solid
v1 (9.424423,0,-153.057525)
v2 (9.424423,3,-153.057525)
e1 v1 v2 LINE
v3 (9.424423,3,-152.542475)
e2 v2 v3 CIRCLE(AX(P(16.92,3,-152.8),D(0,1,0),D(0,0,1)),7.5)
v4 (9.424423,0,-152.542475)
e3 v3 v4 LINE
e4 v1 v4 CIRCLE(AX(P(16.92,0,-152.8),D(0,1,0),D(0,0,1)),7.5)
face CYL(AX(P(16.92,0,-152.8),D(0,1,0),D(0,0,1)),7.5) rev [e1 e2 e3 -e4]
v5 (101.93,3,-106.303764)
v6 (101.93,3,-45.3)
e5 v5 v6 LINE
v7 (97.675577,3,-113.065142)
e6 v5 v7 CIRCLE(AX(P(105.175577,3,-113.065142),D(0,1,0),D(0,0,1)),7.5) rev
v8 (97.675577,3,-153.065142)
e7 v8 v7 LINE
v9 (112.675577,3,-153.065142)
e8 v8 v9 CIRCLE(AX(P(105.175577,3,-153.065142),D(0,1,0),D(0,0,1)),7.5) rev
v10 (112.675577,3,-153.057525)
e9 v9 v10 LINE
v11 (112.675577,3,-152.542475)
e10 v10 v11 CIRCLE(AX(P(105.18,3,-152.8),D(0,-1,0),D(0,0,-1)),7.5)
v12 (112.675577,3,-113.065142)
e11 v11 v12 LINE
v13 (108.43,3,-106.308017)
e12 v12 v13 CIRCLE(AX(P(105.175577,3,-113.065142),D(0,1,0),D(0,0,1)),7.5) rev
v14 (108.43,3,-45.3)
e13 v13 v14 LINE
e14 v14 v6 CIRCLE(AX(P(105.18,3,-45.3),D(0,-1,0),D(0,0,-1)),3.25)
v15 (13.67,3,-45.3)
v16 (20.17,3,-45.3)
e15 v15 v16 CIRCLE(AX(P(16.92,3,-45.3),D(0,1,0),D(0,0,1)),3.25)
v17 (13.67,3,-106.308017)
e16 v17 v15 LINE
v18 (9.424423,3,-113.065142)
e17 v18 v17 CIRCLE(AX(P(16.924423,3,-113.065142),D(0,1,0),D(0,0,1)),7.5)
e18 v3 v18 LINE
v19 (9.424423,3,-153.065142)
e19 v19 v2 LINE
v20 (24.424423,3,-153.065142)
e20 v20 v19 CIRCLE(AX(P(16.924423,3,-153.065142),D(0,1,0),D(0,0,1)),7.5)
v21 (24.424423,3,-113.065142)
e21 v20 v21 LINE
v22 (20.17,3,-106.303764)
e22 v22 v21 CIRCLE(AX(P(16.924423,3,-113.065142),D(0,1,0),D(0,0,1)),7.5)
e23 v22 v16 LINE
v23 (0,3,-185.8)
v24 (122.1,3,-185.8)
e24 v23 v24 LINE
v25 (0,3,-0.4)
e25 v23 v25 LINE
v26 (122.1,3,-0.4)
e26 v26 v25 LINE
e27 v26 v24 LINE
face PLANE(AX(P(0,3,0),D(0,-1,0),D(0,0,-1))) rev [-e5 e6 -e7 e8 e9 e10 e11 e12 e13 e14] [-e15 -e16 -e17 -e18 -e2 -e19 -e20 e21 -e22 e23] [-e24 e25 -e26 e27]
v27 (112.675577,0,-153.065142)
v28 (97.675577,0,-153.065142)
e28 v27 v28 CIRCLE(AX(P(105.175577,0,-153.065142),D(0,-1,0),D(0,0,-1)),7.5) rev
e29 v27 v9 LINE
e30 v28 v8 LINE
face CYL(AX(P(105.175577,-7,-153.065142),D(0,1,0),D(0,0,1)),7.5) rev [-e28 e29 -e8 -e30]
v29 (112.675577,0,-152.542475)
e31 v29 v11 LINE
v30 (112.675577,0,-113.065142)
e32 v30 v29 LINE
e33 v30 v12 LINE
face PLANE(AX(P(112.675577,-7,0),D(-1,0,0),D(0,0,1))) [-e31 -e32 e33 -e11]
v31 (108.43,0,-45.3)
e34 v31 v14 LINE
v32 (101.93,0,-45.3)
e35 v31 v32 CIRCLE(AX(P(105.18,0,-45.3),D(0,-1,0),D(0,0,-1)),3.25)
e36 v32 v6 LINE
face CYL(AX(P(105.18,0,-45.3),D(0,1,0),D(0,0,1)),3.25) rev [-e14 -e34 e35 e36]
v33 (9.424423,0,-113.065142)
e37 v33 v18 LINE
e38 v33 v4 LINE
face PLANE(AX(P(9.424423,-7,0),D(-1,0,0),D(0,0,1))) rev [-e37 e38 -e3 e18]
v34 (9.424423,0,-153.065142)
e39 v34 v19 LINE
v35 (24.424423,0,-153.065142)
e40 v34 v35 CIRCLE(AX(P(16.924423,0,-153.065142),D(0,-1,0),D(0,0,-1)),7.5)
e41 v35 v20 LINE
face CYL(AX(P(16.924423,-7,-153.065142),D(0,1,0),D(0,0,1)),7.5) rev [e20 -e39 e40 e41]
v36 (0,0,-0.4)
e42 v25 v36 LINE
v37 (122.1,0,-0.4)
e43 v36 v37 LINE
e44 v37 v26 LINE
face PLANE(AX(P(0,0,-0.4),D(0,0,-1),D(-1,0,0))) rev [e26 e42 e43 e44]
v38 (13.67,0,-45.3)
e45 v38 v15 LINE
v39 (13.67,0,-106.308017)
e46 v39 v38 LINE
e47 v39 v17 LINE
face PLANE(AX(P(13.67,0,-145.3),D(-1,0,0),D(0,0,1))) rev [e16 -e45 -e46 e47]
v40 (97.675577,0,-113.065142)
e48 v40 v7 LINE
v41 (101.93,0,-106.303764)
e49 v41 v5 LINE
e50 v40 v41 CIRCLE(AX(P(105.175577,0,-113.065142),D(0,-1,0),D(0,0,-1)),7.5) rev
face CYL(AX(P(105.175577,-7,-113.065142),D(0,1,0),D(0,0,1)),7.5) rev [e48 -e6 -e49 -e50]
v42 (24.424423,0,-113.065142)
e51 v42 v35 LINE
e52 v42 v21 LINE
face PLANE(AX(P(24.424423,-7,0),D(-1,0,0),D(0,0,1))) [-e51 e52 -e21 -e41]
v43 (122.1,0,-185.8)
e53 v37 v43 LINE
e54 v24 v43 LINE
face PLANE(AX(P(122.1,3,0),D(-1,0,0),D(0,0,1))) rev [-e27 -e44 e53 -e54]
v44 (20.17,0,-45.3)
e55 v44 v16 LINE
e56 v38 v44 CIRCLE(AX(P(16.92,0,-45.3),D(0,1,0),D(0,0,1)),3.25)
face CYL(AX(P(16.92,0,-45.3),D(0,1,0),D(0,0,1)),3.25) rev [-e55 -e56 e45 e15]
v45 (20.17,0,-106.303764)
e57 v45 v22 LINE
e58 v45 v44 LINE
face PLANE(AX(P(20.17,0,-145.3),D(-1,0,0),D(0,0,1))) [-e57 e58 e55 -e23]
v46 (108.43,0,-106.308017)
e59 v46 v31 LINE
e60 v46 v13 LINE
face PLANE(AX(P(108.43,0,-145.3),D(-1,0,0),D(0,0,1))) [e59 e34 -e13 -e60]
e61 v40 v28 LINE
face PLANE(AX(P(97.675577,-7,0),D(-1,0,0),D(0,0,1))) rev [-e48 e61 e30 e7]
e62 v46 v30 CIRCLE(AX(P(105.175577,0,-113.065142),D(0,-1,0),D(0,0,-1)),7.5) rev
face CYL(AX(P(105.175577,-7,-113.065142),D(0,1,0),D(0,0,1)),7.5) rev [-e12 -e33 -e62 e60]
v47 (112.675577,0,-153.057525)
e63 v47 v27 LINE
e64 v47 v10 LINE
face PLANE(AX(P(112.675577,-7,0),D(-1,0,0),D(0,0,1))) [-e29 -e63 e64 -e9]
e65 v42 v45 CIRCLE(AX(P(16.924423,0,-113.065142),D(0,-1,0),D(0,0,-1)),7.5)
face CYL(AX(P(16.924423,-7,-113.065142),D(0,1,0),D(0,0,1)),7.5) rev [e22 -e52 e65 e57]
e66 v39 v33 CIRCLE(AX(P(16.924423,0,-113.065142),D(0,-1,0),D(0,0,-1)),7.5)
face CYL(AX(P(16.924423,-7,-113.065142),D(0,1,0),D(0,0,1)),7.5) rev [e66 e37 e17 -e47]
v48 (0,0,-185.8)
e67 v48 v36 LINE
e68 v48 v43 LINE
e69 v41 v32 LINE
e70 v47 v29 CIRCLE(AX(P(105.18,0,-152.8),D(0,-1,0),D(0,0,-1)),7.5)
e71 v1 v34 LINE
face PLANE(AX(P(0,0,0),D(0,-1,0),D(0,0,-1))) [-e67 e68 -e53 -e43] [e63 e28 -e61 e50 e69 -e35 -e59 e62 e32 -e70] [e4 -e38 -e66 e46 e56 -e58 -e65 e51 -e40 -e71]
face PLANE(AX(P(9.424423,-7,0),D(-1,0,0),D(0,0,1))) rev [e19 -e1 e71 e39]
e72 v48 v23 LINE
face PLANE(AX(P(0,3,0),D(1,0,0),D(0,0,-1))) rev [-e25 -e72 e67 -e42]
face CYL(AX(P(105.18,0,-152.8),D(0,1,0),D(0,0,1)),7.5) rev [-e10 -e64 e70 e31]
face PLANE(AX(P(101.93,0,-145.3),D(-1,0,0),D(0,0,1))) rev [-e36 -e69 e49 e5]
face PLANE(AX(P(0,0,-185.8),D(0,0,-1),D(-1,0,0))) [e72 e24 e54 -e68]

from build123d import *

# Parameters (mm, degrees)
SKETCH3_W           = 122.1
SKETCH3_H           = 197.8
BOSS_EXTRUDE2_DEPTH = 3
SKETCH4_R           = 7.5
CUT_EXTRUDE2_DEPTH  = 3
SKETCH5_W           = 185.639017853
SKETCH5_H           = 93.814581834
CUT_EXTRUDE3_DEPTH  = 12
SKETCH7_W           = 181.97184254
SKETCH7_H           = 161.609726855
CUT_EXTRUDE4_DEPTH  = 19
CUT_EXTRUDE8_DEPTH  = 10
SKETCH10_W          = 122.1
SKETCH10_H          = 3
BOSS_EXTRUDE3_DEPTH = 18.6


with BuildPart() as part:
    # Sketch3 → Boss-Extrude2 (new body)
    with BuildSketch(Plane(origin=(0, 0, 0), x_dir=(1, 0, 0), z_dir=(0, 1, 0))):
        with Locations((61.05, 98.9)):
            Rectangle(SKETCH3_W, SKETCH3_H)
    extrude(amount=BOSS_EXTRUDE2_DEPTH)

    # Sketch4 → Cut-Extrude2 (cut)
    with BuildSketch(Plane(origin=(0, 3, 0), x_dir=(1, 0, 0), z_dir=(0, 1, 0))):
        with Locations((16.92, 152.8)):
            Circle(SKETCH4_R)
        with Locations((105.18, 152.8)):
            Circle(SKETCH4_R)
        with BuildLine():
            Line((20.17, 145.3), (20.17, 45.3))
            ThreePointArc((20.17, 45.3), (16.92, 42.05), (13.67, 45.3))
            Line((13.67, 45.3), (13.67, 145.3))
            ThreePointArc((13.67, 145.3), (16.92, 148.55), (20.17, 145.3))
        make_face()
        with BuildLine():
            Line((101.93, 145.3), (101.93, 45.3))
            ThreePointArc((101.93, 45.3), (105.18, 42.05), (108.43, 45.3))
            Line((108.43, 45.3), (108.43, 145.3))
            ThreePointArc((108.43, 145.3), (105.18, 148.55), (101.93, 145.3))
        make_face()
    extrude(amount=-CUT_EXTRUDE2_DEPTH, mode=Mode.SUBTRACT)

    # Sketch5 → Cut-Extrude3 (cut)
    with BuildSketch(Plane(origin=(0, 0, -197.8), x_dir=(-1, 0, 0), z_dir=(0, 0, -1))):
        with Locations((-62.393879106, -6.143731482)):
            Rectangle(SKETCH5_W, SKETCH5_H)
    extrude(amount=-CUT_EXTRUDE3_DEPTH, mode=Mode.SUBTRACT)

    # Sketch7 → Cut-Extrude4 (cut)
    with BuildSketch(Plane.XY):
        with Locations((66.543858185, 9.384028943)):
            Rectangle(SKETCH7_W, SKETCH7_H)
    extrude(amount=-CUT_EXTRUDE4_DEPTH, mode=Mode.SUBTRACT)

    # Sketch8 → Cut-Extrude8 (cut)
    with BuildSketch(Plane(origin=(0, 3, 0), x_dir=(1, 0, 0), z_dir=(0, 1, 0))):
        with BuildLine():
            ThreePointArc((13.67, 106.308017417), (16.91951533, 105.565143685), (20.17, 106.303764471))
            Line((20.17, 106.303764471), (20.17, 145.3))
            ThreePointArc((20.17, 145.3), (20.150641933, 145.654193023), (20.09279834, 146.004166667))
            ThreePointArc((20.09279834, 146.004166667), (21.056311174, 159.056271243), (9.424422573, 153.057524837))
            Line((9.424422573, 153.057524837), (9.424422573, 152.542475163))
            ThreePointArc((9.424422573, 152.542475163), (10.663728757, 148.663688826), (13.74720166, 146.004166667))
            ThreePointArc((13.74720166, 146.004166667), (13.689358067, 145.654193023), (13.67, 145.3))
            Line((13.67, 145.3), (13.67, 106.308017417))
        make_face()
        with BuildLine():
            ThreePointArc((112.675577427, 153.06514208), (105.175577427, 160.56514208), (97.675577427, 153.06514208))
            Line((97.675577427, 153.06514208), (97.675577427, 113.06514208))
            ThreePointArc((97.675577427, 113.06514208), (98.827671051, 109.070885622), (101.93, 106.303764471))
            Line((101.93, 106.303764471), (101.93, 145.3))
            ThreePointArc((101.93, 145.3), (101.949358067, 145.654193023), (102.00720166, 146.004166667))
            ThreePointArc((102.00720166, 146.004166667), (101.043688826, 159.056271243), (112.675577427, 153.057524837))
            Line((112.675577427, 153.057524837), (112.675577427, 153.06514208))
        make_face()
        with BuildLine():
            Line((108.43, 145.3), (108.43, 106.308017417))
            ThreePointArc((108.43, 106.308017417), (111.526095882, 109.075039907), (112.675577427, 113.06514208))
            Line((112.675577427, 113.06514208), (112.675577427, 152.542475163))
            ThreePointArc((112.675577427, 152.542475163), (111.436271243, 148.663688826), (108.35279834, 146.004166667))
            ThreePointArc((108.35279834, 146.004166667), (108.410641933, 145.654193023), (108.43, 145.3))
        make_face()
        with BuildLine():
            ThreePointArc((9.424422573, 113.06514208), (10.573904118, 109.075039907), (13.67, 106.308017417))
            Line((13.67, 106.308017417), (13.67, 145.3))
            ThreePointArc((13.67, 145.3), (13.689358067, 145.654193023), (13.74720166, 146.004166667))
            ThreePointArc((13.74720166, 146.004166667), (10.663728757, 148.663688826), (9.424422573, 152.542475163))
            Line((9.424422573, 152.542475163), (9.424422573, 113.06514208))
        make_face()
        with BuildLine():
            Line((24.424422573, 113.06514208), (24.424422573, 153.06514208))
            ThreePointArc((24.424422573, 153.06514208), (16.924422573, 160.56514208), (9.424422573, 153.06514208))
            Line((9.424422573, 153.06514208), (9.424422573, 153.057524837))
            ThreePointArc((9.424422573, 153.057524837), (21.056311174, 159.056271243), (20.09279834, 146.004166667))
            ThreePointArc((20.09279834, 146.004166667), (20.150641933, 145.654193023), (20.17, 145.3))
            Line((20.17, 145.3), (20.17, 106.303764471))
            ThreePointArc((20.17, 106.303764471), (23.272328949, 109.070885622), (24.424422573, 113.06514208))
        make_face()
    extrude(amount=-CUT_EXTRUDE8_DEPTH, mode=Mode.SUBTRACT)

    # Sketch10 → Boss-Extrude3 (add)
    with BuildSketch(Plane.XY.offset(-19)):
        with Locations((61.05, 1.5)):
            Rectangle(SKETCH10_W, SKETCH10_H)
    extrude(amount=BOSS_EXTRUDE3_DEPTH)


solid = part.part
